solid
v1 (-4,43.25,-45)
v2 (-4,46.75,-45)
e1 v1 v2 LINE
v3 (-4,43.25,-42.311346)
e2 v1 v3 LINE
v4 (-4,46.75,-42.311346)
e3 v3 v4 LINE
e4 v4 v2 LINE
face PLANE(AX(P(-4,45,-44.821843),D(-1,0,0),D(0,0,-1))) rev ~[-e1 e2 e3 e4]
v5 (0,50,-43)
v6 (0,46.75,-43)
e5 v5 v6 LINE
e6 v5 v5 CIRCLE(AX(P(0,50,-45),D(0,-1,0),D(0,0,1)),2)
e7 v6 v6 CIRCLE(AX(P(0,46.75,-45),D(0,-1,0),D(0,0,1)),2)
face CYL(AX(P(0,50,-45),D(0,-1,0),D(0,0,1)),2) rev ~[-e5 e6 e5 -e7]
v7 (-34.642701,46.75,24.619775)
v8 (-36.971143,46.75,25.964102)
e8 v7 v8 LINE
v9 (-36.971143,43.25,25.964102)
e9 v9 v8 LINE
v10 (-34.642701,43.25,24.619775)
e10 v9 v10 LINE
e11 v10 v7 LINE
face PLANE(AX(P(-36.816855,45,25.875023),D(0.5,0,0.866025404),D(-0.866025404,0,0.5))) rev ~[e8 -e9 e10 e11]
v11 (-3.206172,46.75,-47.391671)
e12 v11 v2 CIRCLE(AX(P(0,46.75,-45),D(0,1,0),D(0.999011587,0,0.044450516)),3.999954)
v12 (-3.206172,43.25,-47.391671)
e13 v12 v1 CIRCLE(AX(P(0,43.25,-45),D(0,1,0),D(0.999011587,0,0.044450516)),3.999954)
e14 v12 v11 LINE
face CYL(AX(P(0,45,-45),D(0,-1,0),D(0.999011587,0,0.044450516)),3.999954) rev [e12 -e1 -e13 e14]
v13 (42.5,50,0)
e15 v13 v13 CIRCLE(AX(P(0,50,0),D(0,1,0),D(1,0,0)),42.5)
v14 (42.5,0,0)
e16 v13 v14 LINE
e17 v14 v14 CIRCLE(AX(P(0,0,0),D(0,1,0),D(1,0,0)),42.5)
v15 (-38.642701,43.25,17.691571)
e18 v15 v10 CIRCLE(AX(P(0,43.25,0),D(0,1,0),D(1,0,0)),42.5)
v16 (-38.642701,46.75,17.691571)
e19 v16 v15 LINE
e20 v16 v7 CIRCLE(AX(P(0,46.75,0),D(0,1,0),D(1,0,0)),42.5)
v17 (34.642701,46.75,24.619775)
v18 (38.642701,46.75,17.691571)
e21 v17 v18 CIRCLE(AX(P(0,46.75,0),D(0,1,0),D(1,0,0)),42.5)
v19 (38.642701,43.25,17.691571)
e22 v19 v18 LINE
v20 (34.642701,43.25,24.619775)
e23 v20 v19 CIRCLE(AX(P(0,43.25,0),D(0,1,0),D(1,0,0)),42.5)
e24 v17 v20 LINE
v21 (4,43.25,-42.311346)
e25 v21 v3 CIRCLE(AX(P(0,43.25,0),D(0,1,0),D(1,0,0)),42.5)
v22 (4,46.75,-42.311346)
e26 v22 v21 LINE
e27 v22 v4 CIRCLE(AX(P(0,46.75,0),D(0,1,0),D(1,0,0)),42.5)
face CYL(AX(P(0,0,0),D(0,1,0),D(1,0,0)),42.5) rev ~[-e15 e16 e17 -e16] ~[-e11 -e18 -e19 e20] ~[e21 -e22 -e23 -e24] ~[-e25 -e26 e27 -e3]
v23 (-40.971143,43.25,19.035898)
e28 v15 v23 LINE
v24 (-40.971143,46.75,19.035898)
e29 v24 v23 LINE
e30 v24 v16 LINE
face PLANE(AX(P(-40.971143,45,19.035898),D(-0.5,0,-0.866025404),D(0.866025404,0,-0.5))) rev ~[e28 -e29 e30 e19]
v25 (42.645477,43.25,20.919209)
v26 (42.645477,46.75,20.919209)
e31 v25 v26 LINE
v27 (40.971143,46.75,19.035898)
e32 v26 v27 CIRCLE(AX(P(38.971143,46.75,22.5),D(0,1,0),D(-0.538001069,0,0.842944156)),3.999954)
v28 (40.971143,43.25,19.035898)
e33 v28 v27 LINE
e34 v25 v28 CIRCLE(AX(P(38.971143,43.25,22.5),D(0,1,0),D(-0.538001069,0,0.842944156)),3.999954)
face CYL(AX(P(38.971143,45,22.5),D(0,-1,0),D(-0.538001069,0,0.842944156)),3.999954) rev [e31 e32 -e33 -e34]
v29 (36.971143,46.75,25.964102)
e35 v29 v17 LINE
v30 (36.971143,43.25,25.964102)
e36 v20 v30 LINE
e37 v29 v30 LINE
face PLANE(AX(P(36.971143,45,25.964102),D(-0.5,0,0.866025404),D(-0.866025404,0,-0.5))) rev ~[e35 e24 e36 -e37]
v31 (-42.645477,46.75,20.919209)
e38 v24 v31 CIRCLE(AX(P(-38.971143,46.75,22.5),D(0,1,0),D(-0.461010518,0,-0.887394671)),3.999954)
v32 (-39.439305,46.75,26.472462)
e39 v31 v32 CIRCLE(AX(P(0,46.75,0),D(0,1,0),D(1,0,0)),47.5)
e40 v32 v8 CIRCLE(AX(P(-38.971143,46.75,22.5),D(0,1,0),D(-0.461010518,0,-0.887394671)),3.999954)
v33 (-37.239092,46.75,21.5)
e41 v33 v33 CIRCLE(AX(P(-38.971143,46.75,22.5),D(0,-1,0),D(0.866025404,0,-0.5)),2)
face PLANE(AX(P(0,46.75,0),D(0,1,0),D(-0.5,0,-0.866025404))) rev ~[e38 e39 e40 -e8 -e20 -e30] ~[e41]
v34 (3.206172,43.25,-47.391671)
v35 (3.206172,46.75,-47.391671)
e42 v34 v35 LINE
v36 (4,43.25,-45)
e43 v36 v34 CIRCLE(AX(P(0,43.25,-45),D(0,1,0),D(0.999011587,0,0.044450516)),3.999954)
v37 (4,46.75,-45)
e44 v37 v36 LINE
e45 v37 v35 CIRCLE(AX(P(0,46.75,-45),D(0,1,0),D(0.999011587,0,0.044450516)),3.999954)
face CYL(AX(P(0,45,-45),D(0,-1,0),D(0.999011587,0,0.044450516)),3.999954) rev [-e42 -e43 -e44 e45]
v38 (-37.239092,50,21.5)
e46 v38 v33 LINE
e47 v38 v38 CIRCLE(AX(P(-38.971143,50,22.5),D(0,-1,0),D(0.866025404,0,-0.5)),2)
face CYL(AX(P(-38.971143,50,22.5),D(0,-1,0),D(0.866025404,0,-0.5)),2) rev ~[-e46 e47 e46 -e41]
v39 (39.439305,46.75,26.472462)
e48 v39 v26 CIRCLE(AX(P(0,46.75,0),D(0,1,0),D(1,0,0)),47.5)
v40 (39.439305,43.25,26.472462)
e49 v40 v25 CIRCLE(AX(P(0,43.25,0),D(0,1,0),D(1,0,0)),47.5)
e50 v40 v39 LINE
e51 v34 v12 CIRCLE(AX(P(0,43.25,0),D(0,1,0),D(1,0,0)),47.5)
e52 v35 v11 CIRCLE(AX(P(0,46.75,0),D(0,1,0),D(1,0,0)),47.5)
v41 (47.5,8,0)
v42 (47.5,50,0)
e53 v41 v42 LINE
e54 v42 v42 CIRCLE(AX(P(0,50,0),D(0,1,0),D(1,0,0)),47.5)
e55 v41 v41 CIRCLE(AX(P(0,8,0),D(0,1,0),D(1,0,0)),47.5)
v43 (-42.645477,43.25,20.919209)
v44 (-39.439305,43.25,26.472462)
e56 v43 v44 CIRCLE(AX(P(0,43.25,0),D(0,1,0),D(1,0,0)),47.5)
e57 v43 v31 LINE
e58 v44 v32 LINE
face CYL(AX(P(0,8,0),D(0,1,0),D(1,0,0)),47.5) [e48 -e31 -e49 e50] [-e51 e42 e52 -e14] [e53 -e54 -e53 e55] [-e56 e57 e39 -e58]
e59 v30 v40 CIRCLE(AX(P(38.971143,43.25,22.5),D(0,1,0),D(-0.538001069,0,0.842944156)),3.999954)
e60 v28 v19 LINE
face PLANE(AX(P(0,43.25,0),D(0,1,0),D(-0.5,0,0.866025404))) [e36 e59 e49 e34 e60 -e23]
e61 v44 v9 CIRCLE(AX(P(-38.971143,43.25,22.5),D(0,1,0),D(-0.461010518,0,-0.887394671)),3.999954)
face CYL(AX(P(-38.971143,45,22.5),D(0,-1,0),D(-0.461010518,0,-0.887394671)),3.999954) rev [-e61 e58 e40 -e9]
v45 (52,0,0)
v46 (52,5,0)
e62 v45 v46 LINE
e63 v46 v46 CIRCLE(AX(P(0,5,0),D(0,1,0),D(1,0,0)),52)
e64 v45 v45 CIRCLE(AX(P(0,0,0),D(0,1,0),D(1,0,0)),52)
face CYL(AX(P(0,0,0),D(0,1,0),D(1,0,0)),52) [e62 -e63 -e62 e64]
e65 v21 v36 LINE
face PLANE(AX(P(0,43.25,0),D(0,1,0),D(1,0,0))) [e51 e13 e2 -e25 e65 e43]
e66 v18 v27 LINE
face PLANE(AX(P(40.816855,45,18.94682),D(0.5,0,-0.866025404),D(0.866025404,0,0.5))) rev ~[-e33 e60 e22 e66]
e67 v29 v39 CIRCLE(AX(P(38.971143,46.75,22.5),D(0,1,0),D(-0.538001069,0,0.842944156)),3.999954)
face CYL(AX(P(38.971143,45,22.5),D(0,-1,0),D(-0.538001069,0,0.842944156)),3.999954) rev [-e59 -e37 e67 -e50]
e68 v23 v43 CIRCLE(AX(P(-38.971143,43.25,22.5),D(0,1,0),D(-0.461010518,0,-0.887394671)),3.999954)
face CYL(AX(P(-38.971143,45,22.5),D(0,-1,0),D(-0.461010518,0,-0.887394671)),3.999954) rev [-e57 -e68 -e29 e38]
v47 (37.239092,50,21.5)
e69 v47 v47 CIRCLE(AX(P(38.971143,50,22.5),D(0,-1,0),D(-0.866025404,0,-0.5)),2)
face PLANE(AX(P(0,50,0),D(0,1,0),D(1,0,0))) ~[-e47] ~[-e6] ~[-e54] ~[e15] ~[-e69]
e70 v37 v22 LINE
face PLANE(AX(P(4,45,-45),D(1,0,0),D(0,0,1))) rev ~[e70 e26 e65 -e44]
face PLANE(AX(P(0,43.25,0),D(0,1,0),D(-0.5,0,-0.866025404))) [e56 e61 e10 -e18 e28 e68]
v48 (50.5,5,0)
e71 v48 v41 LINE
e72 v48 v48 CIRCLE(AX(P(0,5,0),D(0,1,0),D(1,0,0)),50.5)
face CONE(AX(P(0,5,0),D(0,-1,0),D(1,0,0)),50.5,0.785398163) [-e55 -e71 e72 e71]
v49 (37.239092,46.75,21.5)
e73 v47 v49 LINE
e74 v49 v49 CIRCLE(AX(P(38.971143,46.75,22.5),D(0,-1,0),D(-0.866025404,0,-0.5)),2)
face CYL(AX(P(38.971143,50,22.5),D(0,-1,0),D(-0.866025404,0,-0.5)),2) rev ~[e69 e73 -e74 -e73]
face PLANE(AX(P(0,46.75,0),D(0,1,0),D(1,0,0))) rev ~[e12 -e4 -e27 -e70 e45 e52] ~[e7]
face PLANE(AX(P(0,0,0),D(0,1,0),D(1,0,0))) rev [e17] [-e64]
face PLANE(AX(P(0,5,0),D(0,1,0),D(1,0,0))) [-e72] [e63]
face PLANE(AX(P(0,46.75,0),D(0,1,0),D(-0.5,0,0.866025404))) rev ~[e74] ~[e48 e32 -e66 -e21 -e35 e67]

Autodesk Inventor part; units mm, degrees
ref_plane "YZ Plane" through (0, 0, 0) normal (1, 0, 0) x (0, 1, 0)
ref_plane "XZ Plane" through (0, 0, 0) normal (0, 1, 0) x (-1, 0, 0)
sketch "Sketch1" plane through (0, 0, 0) normal (0, 0, 1) x (1, 0, 0)
  line L0 (42.5, 0) -> (42.5, 50)
  line L1 (0, -10) -> (0, 60) projected
  line L2 (42.5, 0) -> (52, 0)
  line L3 (52, 0) -> (52, 5)
  line L4 (52, 5) -> (50.5, 5)
  line L5 (47.5, 8) -> (47.5, 50)
  line L6 (-10.4, 0) -> (62.4, 0) projected
  line L7 (50.5, 5) -> (47.5, 8)
  line L8 (42.5, 50) -> (47.5, 50)
  point P0 (0, 0)
  point P1 (47.5, 5)
  point P2 (45, 50)
  dimension "d1" = 5
  dimension "d6" = 3
  dimension "d7" = 3
  dimension "d8" = 50
  dimension "d30" = 9.5
  dimension "d31" = 45
  dimension "d32" = 5
revolve "Revolution1" add sketch "Sketch1" angle 360 about axis through (0, -10, 0) along (0, 1, 0)
ref_plane "Work Plane1" through (0, 45, 0) normal (0, 1, 0) x (1, 0, 0)
sketch "Sketch2" plane through (0, 45, 0) normal (0, 1, 0) x (1, 0, 0)
  arc A0 (-3.996, 44.8222) -> (3.996, 44.8222) centre (0, 0) ccw
  arc A1 (3.996, 44.8222) -> (-3.996, 44.8222) centre (0, 45) ccw
  circle A2 centre (0, 0) radius 42.5 projected
  line L0 (4, 45) -> (4, 41.0512)
  line L1 (4, 41.0512) -> (-4, 41.0512)
  line L2 (-4, 41.0512) -> (-4, 45)
  point P0 (0, 44.7796)
  point P1 (-4, 44.8219)
  point P2 (-4, 42.3113)
  point P3 (4, 42.3113)
  point P4 (4, 44.8219)
  dimension "d11" = 90
  dimension "d12" = 8
extrude "Nut Seat" cut sketch "Sketch2" along normal mid plane 3.5 contours A1 A0 L0 A2 L2 | A0 L2 A1 | A0 A1 L0 | L2 L1 L0 A2 | A2 L0 L1 L2
sketch "Sketch3" plane through (0, 50, 0) normal (0, 1, 0) x (1, 0, 0)
  line L0 (0, 72.8) -> (0, -72.8) projected
  point P0 (0, 0)
  point P1 (0, 45)
  dimension "d26" = 45
hole "Hole1" at (0, 50, -45) direction (0, -1, 0) diameter 4 depth 6.75
pattern_circular "Circular Pattern1" count 3 over 360 about axis through (0, -10, 0) along (0, 1, 0) of "Hole1"
pattern_circular "Circular Pattern2" count 3 over 360 about axis through (0, 25, 0) along (0, 1, 0) of "Nut Seat"
equation "\"d7\" = d6"
properties part number "Center Cylinder"
